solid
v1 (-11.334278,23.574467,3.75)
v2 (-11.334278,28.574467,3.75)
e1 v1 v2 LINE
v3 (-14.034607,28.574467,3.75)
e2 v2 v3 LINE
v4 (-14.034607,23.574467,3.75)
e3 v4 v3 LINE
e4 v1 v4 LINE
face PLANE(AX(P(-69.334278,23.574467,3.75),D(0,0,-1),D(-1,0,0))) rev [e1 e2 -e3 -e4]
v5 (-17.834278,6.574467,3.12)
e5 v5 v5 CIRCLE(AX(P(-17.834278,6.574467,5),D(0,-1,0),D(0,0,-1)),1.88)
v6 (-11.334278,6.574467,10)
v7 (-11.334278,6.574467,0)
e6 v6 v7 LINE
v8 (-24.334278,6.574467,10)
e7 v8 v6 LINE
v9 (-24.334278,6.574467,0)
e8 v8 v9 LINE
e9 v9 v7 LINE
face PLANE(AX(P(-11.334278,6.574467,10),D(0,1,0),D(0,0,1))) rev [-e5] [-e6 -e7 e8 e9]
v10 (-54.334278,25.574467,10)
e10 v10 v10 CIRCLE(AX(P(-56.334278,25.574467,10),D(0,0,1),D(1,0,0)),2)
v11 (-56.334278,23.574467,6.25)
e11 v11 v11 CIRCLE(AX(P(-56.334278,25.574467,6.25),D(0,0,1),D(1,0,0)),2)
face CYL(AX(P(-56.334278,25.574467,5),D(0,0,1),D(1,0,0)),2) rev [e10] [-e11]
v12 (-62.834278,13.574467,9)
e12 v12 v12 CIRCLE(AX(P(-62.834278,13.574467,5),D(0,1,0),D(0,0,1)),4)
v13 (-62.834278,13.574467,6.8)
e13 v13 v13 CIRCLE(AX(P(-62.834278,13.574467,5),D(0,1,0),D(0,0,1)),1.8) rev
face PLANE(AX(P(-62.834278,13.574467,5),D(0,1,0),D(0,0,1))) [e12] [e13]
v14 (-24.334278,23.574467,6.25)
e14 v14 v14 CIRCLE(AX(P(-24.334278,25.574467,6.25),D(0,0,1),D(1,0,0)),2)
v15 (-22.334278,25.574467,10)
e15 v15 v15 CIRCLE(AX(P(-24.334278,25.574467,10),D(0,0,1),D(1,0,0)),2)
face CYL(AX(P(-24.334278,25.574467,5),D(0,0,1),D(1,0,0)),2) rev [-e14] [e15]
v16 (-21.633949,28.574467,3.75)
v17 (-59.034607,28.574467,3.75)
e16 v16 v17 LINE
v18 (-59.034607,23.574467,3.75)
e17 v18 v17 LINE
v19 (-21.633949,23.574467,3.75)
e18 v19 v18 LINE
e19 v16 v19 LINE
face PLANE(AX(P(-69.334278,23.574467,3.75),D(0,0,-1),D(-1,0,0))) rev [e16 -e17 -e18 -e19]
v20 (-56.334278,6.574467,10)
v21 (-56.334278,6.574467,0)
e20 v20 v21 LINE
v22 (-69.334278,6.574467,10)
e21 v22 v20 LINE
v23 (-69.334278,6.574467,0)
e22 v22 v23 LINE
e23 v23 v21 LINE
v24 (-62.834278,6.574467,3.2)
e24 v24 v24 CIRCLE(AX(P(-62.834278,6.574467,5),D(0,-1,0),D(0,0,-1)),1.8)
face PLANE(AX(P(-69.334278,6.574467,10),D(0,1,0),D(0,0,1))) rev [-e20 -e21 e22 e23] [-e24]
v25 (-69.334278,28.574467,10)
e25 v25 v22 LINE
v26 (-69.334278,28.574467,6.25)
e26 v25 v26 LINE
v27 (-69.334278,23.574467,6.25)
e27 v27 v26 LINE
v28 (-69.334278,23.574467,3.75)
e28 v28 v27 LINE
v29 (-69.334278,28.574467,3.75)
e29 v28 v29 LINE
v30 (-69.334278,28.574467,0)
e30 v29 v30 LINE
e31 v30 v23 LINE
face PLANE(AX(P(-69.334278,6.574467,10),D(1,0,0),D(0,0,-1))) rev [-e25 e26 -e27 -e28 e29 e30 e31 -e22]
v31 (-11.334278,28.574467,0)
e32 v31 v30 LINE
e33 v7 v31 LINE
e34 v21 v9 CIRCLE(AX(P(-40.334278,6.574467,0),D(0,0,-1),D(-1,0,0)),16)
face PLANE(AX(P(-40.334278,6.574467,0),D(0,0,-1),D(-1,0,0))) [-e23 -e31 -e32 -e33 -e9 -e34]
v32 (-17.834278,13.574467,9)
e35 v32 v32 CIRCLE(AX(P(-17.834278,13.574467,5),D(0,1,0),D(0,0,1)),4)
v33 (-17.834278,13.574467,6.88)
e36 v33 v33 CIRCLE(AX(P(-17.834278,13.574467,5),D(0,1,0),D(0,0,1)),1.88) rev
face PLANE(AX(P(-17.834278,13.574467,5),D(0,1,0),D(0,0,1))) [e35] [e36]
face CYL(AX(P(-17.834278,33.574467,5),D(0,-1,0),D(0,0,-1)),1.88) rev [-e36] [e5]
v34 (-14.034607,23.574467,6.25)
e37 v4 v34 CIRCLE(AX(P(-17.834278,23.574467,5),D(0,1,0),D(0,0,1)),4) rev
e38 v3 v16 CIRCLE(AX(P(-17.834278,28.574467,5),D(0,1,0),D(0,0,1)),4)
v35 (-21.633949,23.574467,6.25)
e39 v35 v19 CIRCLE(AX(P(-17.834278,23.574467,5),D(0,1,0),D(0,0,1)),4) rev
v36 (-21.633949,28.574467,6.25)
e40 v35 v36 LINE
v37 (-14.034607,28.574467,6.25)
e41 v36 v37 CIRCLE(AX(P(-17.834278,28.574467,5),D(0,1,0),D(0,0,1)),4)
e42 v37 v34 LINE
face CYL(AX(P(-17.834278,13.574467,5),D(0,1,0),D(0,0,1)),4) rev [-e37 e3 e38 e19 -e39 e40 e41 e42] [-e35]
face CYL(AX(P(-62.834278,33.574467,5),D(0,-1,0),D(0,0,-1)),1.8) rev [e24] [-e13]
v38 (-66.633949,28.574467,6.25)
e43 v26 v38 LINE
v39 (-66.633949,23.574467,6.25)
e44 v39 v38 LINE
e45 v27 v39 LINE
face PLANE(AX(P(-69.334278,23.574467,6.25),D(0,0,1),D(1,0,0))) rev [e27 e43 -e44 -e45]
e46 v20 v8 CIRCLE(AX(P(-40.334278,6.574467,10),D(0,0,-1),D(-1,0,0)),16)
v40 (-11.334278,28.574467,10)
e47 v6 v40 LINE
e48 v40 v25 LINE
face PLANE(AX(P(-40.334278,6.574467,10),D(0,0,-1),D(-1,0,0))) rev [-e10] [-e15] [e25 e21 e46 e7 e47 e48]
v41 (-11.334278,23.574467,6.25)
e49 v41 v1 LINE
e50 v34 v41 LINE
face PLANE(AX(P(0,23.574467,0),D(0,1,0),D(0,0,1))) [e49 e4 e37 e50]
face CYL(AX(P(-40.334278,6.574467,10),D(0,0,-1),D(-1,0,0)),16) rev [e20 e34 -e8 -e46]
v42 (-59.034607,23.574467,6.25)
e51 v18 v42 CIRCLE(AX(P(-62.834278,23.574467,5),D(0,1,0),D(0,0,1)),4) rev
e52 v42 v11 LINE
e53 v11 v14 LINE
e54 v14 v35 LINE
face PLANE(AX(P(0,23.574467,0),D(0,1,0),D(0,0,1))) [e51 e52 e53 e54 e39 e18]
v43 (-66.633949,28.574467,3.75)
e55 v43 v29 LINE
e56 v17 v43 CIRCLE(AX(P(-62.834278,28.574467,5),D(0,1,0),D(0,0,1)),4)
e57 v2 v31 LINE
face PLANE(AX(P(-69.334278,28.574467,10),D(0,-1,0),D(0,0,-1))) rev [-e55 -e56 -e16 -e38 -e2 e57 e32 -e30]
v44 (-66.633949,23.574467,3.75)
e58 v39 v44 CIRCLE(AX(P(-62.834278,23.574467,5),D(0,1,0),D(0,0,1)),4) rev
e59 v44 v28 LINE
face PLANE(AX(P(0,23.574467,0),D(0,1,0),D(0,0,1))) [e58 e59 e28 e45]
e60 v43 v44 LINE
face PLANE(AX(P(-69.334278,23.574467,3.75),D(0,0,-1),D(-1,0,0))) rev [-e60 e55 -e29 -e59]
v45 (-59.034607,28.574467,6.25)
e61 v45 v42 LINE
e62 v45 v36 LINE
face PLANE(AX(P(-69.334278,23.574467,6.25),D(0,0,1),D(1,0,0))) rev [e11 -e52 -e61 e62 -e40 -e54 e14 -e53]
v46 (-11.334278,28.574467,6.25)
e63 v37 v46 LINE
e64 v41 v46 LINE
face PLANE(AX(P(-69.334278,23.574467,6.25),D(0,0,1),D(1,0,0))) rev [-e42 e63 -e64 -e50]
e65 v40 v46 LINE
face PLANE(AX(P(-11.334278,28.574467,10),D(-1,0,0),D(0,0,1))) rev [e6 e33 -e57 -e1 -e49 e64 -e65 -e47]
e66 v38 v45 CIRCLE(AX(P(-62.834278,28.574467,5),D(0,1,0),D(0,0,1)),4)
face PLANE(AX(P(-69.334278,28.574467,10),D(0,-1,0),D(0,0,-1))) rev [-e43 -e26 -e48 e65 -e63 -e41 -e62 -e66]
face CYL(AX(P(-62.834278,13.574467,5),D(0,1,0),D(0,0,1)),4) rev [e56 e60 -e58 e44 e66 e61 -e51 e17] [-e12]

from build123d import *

# Parameters (mm, degrees)
EXTRUDE_1_DEPTH     = 10
SKETCH_2_R          = 1.8
SKETCH_2_R_2        = 1.88
CUT_EXTRUDE_1_DEPTH = 27
SKETCH_3_R          = 4
CUT_EXTRUDE_2_DEPTH = 15
SKETCH_4_W          = 58
SKETCH_4_H          = 2.5
CUT_EXTRUDE_4_DEPTH = 5
SKETCH_5_R          = 2
CUT_EXTRUDE_5_DEPTH = 5


with BuildPart() as part:
    # 草图1 → 凸台-拉伸1 (new body)
    with BuildSketch(Plane.XY):
        with BuildLine():
            Line((-69.33427814, 6.574466706), (-69.33427814, 28.574466706))
            Line((-69.33427814, 28.574466706), (-11.33427814, 28.574466706))
            Line((-11.33427814, 28.574466706), (-11.33427814, 6.574466706))
            Line((-11.33427814, 6.574466706), (-24.33427814, 6.574466706))
            ThreePointArc((-24.33427814, 6.574466706), (-40.33427814, 22.574466706), (-56.33427814, 6.574466706))
            Line((-56.33427814, 6.574466706), (-69.33427814, 6.574466706))
        make_face()
    extrude(amount=EXTRUDE_1_DEPTH)

    # 草图2 → 切除-拉伸1 (cut)
    with BuildSketch(Plane.XZ.offset(-6.574466706)):
        with Locations(Location((-62.83427814, 5, 0), (0, 0, 270))):
            Circle(SKETCH_2_R)
        with Locations(Location((-17.83427814, 5, 0), (0, 0, 270))):
            Circle(SKETCH_2_R_2)
    extrude(amount=-CUT_EXTRUDE_1_DEPTH, mode=Mode.SUBTRACT)

    # 草图3 → 切除-拉伸2 (cut)
    with BuildSketch(Plane(origin=(0, 28.574466706, 0), x_dir=(1, 0, 0), z_dir=(0, 1, 0))):
        with Locations(Location((-62.83427814, -5, 0), (0, 0, 270))):
            Circle(SKETCH_3_R)
        with Locations(Location((-17.83427814, -5, 0), (0, 0, 270))):
            Circle(SKETCH_3_R)
    extrude(amount=-CUT_EXTRUDE_2_DEPTH, mode=Mode.SUBTRACT)

    # 草图4 → 切除-拉伸4 (cut)
    with BuildSketch(Plane(origin=(0, 28.574466706, 0), x_dir=(1, 0, 0), z_dir=(0, 1, 0))):
        with Locations((-40.33427814, -5)):
            Rectangle(SKETCH_4_W, SKETCH_4_H)
    extrude(amount=-CUT_EXTRUDE_4_DEPTH, mode=Mode.SUBTRACT)

    # 草图5 → 切除-拉伸5 (cut)
    with BuildSketch(Plane.XY.offset(10)):
        with Locations((-56.33427814, 25.574466706)):
            Circle(SKETCH_5_R)
        with Locations((-24.33427814, 25.574466706)):
            Circle(SKETCH_5_R)
    extrude(amount=-CUT_EXTRUDE_5_DEPTH, mode=Mode.SUBTRACT)


solid = part.part
